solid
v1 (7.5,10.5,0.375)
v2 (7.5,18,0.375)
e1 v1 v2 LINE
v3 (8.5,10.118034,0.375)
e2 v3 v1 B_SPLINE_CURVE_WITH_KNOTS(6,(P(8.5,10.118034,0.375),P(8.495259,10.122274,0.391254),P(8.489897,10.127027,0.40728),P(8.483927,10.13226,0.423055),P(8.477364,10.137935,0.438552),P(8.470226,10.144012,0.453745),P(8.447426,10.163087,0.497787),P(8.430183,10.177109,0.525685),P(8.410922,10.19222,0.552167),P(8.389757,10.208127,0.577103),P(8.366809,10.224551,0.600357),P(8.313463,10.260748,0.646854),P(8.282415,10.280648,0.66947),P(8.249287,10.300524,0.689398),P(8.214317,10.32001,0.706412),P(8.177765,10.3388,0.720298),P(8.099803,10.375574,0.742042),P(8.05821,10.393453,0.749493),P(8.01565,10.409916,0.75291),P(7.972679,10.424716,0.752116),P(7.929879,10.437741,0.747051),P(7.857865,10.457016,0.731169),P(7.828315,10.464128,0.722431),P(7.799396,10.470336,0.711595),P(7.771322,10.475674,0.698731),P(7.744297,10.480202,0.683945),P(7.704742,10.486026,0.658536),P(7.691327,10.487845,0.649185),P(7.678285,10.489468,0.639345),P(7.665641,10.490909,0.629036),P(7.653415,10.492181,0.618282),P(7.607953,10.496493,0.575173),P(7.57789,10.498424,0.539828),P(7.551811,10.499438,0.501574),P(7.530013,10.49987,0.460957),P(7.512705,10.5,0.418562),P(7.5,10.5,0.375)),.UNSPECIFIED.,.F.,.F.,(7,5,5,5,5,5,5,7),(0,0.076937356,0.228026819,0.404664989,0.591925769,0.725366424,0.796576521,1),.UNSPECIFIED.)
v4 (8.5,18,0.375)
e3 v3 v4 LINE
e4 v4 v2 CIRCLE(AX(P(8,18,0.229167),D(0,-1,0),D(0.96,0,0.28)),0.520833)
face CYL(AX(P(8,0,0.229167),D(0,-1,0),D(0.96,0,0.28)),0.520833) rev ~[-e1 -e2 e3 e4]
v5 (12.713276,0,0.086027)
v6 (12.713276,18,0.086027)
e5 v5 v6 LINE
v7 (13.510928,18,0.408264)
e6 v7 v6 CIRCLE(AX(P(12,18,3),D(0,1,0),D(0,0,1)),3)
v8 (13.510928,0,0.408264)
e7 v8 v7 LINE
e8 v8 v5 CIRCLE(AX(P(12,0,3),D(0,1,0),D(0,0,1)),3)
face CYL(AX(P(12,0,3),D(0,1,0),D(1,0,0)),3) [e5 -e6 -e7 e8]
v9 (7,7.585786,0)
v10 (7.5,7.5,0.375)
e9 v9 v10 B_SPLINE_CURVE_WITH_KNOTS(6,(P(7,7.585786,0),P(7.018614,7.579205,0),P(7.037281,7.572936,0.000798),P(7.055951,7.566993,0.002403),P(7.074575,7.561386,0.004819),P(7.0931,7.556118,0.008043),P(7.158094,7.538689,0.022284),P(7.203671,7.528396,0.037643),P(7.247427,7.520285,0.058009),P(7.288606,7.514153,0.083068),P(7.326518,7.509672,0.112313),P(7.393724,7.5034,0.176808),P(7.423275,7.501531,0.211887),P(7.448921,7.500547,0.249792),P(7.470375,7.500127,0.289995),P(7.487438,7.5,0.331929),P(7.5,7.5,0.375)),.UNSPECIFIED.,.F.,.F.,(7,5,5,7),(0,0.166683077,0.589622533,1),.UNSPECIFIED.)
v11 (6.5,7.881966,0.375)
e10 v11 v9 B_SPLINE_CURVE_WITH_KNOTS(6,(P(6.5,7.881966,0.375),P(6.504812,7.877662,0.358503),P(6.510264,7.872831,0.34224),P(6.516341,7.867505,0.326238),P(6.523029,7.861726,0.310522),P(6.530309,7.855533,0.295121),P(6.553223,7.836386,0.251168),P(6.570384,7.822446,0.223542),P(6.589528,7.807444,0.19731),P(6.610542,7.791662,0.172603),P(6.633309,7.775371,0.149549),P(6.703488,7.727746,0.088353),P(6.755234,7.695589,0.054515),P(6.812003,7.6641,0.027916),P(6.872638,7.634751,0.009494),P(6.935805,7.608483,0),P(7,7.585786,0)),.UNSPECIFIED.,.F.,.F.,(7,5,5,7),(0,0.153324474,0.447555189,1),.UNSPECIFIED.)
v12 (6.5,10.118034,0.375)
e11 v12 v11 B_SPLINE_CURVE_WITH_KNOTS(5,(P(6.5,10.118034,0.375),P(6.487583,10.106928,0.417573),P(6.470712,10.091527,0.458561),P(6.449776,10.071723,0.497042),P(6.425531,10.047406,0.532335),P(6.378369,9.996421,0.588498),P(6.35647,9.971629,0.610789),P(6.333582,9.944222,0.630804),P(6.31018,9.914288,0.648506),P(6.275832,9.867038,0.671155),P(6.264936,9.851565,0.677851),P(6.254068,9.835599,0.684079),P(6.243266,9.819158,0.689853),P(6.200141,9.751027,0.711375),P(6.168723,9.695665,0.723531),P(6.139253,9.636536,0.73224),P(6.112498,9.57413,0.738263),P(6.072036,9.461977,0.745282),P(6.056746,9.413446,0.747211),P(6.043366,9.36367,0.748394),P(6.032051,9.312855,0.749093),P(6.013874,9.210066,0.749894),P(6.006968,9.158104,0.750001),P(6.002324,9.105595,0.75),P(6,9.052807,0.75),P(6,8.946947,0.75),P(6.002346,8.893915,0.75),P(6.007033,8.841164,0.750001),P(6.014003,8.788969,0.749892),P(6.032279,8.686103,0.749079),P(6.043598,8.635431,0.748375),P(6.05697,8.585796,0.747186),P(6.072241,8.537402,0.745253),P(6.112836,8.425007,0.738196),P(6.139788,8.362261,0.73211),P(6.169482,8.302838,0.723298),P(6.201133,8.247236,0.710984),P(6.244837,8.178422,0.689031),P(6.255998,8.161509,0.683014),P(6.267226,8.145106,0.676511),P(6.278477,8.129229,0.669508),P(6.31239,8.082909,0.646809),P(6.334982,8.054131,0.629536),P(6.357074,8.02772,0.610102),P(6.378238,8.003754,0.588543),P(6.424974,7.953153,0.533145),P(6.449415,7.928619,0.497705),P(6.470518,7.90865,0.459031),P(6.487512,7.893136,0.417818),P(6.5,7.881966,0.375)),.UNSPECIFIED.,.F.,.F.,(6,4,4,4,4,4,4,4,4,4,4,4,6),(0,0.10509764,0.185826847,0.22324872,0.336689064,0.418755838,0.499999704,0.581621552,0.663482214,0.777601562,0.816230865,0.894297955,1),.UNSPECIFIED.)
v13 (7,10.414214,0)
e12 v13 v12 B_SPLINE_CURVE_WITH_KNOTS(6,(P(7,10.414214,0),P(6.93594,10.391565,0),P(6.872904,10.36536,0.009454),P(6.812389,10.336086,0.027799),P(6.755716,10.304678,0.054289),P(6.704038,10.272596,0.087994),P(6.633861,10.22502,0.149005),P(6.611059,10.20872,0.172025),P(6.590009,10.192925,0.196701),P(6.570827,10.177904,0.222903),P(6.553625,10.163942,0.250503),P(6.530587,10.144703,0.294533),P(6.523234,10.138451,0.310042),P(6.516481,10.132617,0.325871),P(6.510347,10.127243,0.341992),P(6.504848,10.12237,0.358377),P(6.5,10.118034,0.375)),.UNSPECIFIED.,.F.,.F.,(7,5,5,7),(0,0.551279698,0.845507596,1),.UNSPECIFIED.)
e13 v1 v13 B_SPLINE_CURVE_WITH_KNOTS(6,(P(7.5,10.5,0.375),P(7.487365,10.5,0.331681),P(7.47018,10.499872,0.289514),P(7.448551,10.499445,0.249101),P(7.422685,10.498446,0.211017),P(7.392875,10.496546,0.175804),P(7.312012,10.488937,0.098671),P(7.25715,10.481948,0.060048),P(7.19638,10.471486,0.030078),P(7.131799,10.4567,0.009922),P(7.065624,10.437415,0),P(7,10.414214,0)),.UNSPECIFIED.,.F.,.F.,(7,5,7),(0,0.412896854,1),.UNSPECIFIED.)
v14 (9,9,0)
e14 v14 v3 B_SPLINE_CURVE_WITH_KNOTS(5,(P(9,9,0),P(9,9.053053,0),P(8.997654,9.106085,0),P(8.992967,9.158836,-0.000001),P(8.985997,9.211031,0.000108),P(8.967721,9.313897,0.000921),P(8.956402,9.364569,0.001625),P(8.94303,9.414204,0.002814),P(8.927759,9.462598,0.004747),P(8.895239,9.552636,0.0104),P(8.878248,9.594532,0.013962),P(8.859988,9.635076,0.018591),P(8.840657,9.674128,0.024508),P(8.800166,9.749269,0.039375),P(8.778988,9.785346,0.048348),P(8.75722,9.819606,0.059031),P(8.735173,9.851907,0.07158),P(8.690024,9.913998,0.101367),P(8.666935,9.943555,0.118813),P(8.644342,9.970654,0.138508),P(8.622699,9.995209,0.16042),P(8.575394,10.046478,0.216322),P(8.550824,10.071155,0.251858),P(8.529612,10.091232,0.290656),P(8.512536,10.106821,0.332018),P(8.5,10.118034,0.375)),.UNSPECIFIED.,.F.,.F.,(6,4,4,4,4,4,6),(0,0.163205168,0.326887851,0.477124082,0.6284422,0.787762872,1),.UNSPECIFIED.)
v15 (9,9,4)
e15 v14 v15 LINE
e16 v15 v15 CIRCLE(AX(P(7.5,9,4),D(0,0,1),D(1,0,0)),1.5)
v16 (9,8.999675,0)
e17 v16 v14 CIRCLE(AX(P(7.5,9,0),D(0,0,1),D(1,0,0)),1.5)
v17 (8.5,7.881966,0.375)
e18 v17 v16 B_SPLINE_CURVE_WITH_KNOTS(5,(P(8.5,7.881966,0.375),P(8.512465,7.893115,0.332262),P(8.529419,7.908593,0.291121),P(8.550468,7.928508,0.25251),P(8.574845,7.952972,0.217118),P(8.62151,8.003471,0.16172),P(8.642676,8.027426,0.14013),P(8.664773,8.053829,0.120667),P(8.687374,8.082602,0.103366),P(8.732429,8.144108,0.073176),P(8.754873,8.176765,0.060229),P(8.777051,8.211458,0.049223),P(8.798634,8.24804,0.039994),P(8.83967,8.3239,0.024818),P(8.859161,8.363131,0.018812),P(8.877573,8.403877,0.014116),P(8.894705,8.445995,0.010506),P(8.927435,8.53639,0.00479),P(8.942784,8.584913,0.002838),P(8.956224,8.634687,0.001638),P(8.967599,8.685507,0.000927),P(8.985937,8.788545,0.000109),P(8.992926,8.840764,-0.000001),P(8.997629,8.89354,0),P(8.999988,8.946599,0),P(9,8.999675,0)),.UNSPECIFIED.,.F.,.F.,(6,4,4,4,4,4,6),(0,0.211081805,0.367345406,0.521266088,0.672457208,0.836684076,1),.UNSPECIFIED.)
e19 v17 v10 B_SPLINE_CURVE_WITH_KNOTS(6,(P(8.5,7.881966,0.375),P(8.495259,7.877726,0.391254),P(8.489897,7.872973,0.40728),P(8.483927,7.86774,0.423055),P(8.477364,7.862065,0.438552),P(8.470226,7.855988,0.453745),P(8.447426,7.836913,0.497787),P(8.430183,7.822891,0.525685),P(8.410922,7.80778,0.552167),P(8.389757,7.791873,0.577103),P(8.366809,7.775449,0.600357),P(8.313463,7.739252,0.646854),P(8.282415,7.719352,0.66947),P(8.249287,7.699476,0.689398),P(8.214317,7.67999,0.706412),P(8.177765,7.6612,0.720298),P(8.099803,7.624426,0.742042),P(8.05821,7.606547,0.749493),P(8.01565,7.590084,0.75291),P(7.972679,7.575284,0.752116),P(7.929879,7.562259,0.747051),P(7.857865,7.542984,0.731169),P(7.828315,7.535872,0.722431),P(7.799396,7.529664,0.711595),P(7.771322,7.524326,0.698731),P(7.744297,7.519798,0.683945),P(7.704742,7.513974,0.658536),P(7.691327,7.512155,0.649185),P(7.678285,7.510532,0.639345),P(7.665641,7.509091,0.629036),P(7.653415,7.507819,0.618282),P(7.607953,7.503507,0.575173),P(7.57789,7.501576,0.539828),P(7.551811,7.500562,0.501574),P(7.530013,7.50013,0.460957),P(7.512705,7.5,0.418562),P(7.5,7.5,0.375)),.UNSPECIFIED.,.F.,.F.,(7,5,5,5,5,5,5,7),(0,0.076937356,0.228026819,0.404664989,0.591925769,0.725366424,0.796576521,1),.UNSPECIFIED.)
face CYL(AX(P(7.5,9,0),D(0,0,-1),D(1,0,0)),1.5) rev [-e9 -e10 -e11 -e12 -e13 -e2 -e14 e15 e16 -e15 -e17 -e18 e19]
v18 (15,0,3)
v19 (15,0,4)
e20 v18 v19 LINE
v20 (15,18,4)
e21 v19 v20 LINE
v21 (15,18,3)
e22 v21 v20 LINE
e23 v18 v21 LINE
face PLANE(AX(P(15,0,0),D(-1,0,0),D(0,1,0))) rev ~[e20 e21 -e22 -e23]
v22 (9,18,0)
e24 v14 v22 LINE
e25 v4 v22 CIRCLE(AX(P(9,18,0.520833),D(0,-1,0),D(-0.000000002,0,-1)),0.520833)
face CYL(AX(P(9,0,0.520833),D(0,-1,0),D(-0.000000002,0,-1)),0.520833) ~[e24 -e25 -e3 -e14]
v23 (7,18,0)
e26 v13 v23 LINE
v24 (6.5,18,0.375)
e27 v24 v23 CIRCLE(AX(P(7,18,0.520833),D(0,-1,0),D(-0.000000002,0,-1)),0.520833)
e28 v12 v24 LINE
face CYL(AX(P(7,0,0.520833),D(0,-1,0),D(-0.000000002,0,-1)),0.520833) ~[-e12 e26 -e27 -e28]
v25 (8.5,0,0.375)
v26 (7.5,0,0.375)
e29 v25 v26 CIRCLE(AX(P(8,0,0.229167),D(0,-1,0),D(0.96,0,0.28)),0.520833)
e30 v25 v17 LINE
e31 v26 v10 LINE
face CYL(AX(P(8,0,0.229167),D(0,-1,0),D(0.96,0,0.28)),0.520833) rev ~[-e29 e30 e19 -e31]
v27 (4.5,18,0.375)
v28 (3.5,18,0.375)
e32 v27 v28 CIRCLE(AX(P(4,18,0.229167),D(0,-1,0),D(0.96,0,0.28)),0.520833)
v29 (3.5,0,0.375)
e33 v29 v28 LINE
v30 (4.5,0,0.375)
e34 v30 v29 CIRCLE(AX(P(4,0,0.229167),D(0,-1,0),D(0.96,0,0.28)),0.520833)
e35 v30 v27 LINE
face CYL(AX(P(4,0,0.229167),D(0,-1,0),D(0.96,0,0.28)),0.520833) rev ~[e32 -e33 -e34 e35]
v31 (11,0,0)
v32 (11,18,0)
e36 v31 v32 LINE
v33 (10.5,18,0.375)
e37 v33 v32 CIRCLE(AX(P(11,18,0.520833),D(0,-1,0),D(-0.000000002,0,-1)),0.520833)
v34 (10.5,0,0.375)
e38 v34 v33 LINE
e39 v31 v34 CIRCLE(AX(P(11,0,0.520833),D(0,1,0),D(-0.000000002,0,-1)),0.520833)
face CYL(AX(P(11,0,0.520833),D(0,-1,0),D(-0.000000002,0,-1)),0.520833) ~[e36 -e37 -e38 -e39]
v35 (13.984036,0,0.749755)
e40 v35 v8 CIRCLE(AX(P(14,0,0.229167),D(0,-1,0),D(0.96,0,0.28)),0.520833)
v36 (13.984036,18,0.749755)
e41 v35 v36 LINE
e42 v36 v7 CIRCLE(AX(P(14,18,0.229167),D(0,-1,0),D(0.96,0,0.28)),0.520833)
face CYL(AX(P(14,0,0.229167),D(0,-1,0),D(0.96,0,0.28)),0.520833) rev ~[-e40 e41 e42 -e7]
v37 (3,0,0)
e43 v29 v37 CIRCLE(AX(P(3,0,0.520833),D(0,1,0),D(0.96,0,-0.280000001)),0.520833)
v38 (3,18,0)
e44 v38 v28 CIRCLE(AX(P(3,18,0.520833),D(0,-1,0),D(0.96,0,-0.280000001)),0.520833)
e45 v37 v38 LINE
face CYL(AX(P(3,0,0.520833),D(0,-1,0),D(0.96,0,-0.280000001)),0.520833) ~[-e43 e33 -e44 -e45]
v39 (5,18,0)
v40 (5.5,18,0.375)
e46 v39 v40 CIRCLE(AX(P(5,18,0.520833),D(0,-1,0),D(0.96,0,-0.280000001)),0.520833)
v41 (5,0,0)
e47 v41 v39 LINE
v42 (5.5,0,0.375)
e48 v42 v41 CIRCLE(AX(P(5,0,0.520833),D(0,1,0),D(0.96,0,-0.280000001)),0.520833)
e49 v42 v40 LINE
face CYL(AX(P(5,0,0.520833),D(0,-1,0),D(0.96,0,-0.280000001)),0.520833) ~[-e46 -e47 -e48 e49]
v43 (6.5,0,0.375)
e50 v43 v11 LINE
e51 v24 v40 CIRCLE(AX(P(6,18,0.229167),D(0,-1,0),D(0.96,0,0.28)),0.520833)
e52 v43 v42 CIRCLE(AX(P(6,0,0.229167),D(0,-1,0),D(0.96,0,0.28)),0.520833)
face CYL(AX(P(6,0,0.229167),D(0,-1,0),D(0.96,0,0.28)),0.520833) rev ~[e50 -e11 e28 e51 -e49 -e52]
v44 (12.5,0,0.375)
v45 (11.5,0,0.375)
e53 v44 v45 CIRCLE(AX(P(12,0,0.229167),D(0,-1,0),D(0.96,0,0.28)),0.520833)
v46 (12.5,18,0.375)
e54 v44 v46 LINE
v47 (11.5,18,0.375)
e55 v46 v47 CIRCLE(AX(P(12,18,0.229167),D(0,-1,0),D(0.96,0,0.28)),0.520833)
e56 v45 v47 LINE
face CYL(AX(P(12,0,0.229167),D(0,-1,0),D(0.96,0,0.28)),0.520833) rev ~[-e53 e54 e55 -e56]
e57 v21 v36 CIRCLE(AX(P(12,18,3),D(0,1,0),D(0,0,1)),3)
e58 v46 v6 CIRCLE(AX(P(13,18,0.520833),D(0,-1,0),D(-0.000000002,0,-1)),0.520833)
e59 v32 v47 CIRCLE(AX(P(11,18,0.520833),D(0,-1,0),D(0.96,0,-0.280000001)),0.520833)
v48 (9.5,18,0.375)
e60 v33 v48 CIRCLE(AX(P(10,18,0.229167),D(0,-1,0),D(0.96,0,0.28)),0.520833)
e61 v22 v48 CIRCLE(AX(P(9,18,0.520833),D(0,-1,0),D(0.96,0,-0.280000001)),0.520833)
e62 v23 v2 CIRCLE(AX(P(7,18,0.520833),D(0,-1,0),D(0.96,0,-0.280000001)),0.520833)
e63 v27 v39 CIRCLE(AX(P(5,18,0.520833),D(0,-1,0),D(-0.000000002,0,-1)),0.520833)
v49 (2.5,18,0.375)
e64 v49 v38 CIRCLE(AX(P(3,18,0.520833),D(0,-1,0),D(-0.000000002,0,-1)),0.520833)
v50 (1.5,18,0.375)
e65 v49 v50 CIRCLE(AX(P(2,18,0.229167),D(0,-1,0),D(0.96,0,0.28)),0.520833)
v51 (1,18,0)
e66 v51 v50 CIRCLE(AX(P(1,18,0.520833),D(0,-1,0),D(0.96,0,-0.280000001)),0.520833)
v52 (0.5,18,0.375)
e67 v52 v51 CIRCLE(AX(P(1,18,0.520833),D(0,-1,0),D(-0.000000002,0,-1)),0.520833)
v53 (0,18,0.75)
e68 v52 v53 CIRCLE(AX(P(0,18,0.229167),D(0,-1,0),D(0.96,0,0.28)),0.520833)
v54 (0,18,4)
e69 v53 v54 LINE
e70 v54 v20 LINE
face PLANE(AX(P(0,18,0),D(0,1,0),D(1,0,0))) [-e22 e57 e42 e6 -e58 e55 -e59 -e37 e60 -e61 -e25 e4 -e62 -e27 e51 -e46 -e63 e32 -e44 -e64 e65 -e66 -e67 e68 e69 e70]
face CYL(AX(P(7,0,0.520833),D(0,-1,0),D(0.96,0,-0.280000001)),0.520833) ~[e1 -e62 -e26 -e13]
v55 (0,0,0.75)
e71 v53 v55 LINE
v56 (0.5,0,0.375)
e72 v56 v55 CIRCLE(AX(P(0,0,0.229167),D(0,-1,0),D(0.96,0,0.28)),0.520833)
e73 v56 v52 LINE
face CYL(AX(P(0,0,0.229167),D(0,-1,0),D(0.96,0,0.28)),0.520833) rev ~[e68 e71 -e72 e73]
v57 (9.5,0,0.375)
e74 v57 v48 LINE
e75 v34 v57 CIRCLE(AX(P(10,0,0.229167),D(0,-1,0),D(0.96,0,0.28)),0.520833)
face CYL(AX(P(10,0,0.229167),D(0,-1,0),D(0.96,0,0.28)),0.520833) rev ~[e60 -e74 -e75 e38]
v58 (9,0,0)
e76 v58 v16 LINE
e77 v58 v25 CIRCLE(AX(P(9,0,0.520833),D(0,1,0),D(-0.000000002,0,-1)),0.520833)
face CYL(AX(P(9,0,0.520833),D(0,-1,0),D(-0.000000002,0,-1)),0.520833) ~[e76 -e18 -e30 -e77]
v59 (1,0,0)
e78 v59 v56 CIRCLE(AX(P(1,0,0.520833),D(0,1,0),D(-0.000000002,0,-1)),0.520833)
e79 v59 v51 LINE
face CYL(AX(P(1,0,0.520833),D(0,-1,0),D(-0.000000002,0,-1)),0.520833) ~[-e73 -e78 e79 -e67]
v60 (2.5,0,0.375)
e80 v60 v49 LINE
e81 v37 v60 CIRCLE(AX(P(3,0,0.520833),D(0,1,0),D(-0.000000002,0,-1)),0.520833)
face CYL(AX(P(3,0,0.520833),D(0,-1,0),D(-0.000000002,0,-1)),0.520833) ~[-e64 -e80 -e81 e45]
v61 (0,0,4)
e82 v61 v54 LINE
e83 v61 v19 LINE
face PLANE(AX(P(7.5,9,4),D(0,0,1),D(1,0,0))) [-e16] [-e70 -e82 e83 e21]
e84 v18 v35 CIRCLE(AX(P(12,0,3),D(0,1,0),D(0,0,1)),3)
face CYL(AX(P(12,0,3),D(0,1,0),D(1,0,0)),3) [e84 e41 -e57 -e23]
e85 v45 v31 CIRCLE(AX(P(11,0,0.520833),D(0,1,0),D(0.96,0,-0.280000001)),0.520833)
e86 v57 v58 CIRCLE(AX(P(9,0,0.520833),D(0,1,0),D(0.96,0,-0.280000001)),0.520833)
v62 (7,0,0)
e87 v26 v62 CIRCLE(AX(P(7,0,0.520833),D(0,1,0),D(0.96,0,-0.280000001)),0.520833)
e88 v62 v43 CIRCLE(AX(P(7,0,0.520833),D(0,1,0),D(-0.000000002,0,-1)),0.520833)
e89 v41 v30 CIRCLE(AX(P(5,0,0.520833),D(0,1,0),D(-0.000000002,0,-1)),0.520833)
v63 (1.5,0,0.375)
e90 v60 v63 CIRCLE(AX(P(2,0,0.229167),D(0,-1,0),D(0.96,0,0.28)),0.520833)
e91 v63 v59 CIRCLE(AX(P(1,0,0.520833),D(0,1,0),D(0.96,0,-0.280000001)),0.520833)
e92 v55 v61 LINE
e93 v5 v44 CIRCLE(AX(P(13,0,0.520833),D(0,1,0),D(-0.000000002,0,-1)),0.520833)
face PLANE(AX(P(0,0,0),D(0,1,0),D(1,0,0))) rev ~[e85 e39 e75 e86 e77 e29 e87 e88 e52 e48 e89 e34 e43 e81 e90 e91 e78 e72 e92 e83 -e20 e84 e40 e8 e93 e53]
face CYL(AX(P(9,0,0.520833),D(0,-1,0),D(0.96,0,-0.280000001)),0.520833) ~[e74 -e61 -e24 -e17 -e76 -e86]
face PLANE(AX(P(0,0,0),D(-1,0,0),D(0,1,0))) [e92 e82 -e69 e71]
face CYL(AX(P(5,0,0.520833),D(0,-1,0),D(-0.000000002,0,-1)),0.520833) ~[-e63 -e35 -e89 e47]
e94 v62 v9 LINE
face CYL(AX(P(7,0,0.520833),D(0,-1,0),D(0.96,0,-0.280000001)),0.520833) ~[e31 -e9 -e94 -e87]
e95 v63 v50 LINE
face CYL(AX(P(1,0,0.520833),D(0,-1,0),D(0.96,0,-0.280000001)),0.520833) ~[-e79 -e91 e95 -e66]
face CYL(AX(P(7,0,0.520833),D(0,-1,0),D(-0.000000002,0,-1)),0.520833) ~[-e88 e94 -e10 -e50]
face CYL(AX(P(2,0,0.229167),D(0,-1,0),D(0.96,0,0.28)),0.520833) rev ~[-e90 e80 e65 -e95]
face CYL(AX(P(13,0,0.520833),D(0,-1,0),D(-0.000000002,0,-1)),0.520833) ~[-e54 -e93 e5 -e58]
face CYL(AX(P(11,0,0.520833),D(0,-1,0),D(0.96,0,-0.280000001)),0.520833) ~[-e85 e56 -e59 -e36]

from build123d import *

# Parameters (mm, degrees)
SKETCH1_W           = 15
SKETCH1_H           = 18
SKETCH1_R           = 1.5
BOSS_EXTRUDE1_DEPTH = 4
FILLET1_R           = 3
CUT_EXTRUDE2_DEPTH  = 24.769728648
LPATTERN1_COUNT     = 10
LPATTERN1_PITCH     = 2


with BuildPart() as part:
    # Sketch1 → Boss-Extrude1 (new body)
    with BuildSketch(Plane.XY):
        with Locations((7.5, 9)):
            Rectangle(SKETCH1_W, SKETCH1_H)
        with Locations((7.5, 9)):
            Circle(SKETCH1_R, mode=Mode.SUBTRACT)
    extrude(amount=BOSS_EXTRUDE1_DEPTH)

    # Fillet1
    fillet1_edges = [part.edges().sort_by_distance(p)[0] for p in [
        (15, 9, 0),
    ]]
    fillet(fillet1_edges, radius=FILLET1_R)

    # Sketch2 → Cut-Extrude2 (cut, through all)
    with BuildSketch(Plane(origin=(0, 0, 0), x_dir=(1, 0, 0), z_dir=(0, 1, 0))):
        with BuildLine():
            Line((-1, 0), (1, 0))
            ThreePointArc((1, 0), (0.6875, -0.104166667), (0.5, -0.375))
            ThreePointArc((0.5, -0.375), (0, -0.75), (-0.5, -0.375))
            ThreePointArc((-0.5, -0.375), (-0.6875, -0.104166667), (-1, 0))
        make_face()
    cut_extrude2 = extrude(amount=CUT_EXTRUDE2_DEPTH, mode=Mode.SUBTRACT)

    # LPattern1: Cut-Extrude2 ×10
    with Locations(*[(i * LPATTERN1_PITCH, 0, 0) for i in range(1, LPATTERN1_COUNT)]):
        add(cut_extrude2, mode=Mode.SUBTRACT)


solid = part.part
